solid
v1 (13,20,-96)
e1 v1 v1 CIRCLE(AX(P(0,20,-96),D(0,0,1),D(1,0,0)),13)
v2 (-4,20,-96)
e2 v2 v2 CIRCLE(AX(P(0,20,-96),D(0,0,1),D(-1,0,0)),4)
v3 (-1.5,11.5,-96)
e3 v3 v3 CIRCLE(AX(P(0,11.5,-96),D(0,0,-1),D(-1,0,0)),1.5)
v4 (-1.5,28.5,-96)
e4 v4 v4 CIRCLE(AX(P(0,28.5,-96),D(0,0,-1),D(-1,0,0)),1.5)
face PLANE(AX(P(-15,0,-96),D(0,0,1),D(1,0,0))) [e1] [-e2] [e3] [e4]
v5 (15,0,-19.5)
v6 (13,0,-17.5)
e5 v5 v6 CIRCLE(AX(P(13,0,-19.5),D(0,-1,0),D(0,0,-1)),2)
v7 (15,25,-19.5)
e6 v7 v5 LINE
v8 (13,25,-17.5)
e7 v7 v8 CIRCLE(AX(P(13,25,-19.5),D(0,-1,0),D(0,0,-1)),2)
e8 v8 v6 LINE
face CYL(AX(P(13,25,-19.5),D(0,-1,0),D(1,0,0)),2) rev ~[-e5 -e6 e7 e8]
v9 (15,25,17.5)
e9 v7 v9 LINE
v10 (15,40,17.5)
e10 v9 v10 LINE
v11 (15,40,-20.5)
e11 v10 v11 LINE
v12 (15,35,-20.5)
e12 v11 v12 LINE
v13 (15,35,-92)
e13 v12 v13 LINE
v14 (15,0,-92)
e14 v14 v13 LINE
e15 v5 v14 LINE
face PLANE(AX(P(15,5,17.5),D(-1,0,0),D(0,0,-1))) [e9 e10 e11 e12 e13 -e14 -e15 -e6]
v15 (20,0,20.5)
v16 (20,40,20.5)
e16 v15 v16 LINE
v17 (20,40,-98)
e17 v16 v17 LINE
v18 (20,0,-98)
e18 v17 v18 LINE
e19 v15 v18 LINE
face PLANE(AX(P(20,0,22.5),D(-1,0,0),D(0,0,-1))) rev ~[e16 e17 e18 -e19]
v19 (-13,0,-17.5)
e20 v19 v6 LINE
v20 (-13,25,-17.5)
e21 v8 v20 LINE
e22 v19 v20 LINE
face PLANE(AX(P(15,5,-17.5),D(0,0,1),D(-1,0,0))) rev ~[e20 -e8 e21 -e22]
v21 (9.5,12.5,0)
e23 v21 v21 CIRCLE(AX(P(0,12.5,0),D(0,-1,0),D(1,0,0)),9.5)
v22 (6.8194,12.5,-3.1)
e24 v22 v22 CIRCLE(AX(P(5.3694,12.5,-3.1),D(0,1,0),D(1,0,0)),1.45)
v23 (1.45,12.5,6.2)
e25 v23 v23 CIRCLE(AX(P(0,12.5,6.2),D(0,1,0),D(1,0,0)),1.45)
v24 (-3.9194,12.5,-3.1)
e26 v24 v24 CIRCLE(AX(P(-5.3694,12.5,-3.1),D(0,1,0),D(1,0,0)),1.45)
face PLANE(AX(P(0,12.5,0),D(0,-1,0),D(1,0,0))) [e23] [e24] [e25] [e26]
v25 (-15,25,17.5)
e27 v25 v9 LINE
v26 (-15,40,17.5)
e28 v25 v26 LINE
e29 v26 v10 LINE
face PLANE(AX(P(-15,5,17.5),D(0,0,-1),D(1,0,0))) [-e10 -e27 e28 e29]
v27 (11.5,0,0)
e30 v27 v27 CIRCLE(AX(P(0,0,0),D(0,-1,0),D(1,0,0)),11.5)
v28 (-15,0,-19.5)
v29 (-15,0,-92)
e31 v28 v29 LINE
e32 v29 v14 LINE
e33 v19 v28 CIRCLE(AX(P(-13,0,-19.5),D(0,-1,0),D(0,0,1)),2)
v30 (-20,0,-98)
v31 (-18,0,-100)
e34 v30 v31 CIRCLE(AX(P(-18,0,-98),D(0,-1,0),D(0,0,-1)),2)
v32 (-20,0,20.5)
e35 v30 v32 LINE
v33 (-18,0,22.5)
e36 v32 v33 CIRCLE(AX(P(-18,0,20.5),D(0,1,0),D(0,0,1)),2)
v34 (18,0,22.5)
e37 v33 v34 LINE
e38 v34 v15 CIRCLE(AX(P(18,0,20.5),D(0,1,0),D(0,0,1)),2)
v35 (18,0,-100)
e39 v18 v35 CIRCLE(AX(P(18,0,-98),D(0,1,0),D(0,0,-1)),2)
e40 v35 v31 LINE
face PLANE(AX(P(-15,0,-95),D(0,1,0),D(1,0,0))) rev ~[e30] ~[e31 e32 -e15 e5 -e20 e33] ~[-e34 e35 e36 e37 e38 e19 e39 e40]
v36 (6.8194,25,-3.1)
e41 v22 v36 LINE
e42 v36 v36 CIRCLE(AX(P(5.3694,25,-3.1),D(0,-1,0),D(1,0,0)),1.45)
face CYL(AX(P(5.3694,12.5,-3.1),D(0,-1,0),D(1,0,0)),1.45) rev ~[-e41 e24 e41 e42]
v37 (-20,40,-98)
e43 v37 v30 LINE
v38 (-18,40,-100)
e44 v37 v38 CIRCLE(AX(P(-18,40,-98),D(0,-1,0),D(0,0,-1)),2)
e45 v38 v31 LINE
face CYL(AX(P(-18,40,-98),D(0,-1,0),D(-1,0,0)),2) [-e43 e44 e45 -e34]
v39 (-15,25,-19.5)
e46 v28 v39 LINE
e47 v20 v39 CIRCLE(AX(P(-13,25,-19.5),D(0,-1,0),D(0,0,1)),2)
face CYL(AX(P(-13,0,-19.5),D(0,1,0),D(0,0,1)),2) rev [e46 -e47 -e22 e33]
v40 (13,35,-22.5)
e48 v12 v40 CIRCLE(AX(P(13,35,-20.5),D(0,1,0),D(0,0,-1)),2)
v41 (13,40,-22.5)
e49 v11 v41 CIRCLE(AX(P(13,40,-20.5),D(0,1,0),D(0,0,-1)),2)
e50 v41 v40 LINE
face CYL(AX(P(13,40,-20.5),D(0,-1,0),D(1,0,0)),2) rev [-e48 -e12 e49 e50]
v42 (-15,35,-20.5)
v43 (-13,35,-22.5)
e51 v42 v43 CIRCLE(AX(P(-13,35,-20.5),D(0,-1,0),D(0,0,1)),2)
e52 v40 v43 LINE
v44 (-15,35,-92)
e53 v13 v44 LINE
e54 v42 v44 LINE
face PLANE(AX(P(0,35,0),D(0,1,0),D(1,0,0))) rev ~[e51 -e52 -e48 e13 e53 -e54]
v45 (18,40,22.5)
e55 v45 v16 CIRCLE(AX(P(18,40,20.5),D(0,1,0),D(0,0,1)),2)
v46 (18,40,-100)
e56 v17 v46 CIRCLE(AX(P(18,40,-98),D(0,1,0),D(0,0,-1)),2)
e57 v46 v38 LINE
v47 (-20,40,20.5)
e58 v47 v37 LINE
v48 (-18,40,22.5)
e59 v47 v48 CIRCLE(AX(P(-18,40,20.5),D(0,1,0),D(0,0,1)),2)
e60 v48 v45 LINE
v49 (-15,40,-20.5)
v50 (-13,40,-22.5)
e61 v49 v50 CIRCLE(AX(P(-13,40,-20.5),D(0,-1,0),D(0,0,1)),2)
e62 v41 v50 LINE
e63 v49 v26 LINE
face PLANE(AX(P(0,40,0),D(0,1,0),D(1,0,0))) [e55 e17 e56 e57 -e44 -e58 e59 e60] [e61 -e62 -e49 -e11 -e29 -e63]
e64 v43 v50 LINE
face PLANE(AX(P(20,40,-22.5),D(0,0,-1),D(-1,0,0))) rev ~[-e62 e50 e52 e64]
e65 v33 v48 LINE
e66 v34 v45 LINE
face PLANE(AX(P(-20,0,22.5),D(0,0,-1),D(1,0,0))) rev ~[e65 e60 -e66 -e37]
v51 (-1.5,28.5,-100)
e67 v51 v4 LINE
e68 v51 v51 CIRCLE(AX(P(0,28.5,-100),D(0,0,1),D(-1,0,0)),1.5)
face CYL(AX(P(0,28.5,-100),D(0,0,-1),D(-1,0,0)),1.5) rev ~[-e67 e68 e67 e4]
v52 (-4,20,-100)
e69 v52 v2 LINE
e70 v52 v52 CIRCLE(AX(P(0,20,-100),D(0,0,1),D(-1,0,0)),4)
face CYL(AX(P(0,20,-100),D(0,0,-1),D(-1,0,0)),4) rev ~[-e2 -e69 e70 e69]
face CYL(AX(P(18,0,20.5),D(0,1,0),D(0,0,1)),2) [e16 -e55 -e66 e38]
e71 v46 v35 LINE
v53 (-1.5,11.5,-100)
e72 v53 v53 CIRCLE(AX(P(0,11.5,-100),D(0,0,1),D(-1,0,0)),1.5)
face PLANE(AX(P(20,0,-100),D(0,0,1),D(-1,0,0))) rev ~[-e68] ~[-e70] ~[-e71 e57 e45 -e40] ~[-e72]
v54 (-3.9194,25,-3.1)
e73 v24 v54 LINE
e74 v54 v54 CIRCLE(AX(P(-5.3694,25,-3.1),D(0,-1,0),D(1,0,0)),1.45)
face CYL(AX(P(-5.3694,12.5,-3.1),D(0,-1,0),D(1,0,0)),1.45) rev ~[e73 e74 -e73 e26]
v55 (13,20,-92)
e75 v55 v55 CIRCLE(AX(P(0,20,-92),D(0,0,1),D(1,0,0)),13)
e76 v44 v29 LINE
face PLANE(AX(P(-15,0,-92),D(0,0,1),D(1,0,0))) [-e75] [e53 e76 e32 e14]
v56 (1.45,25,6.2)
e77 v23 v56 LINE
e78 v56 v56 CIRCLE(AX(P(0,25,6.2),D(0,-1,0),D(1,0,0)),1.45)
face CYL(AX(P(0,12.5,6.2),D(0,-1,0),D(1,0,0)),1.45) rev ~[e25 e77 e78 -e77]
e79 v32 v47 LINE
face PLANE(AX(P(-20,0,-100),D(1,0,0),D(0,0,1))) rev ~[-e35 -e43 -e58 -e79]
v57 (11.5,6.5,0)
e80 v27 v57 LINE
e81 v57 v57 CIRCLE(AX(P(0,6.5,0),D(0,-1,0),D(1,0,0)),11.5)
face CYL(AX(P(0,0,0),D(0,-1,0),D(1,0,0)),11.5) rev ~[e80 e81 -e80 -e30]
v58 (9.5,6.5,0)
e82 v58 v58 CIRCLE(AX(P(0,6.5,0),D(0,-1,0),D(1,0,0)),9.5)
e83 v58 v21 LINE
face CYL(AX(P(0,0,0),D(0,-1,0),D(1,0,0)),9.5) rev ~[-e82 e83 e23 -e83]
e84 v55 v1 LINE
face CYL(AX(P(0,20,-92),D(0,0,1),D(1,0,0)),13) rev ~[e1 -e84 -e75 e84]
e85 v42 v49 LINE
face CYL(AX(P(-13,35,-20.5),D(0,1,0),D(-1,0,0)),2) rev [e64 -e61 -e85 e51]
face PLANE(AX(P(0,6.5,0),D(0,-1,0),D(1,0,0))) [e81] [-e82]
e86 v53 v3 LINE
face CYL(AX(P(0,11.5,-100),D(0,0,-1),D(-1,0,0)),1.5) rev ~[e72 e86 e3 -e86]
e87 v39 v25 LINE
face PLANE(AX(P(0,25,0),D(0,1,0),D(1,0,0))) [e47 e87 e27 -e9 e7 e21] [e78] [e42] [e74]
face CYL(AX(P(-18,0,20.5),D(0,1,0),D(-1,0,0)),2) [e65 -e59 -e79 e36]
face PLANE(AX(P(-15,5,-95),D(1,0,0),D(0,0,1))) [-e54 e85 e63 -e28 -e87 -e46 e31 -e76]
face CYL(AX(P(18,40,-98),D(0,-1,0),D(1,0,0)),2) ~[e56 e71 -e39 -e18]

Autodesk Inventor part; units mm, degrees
ref_plane "YZ Plane" through (0, 0, 0) normal (1, 0, 0) x (0, 1, 0)
ref_plane "XZ Plane" through (0, 0, 0) normal (0, 1, 0) x (-1, 0, 0)
ref_plane "XY Plane" through (0, 0, 0) normal (0, 0, 1) x (1, 0, 0)
sketch "Sketch1" plane through (0, 0, 0) normal (0, 1, 0) x (-1, 0, 0)
  line L0 (20, 22.5) -> (-20, 22.5)
  line L1 (-20, 22.5) -> (-20, -100)
  line L2 (-20, -100) -> (20, -100)
  line L3 (20, -100) -> (20, 22.5)
  circle A0 centre (0, 0) radius 4
  dimension "d0" = 122.5
  dimension "d1" = 22.5
  dimension "d2" = 40
  dimension "d3" = 20
  dimension "d4" = 8
extrude "Extrusion1" add sketch "Sketch1" along normal blind 5
sketch "Sketch2" plane through (0, 5, 0) normal (0, 1, 0) x (1, 0, 0)
  line L0 (-20, 100) -> (-20, -22.5) projected
  line L1 (20, -22.5) -> (20, 100) projected
  line L2 (-20, -22.5) -> (20, -22.5)
  line L3 (20, -22.5) -> (20, 100)
  line L4 (20, 100) -> (-20, 100)
  line L5 (-20, 100) -> (-20, -22.5)
  line L6 (-15, -17.5) -> (15, -17.5)
  line L7 (15, -17.5) -> (15, 95)
  line L8 (15, 95) -> (-15, 95)
  line L9 (-15, 95) -> (-15, -17.5)
  point P0 (0, 0)
  dimension "d7" = 5
  dimension "d8" = 5
  dimension "d9" = 5
  dimension "d10" = 5
extrude "Extrusion2" add sketch "Sketch2" along normal blind 35
sketch "Sketch3" plane through (0, 40, 0) normal (0, 1, 0) x (1, 0, 0)
  line L0 (-20, 100) -> (-20, -22.5) projected
  line L1 (20, -22.5) -> (20, 100) projected
  line L2 (-20, 100) -> (20, 100)
  line L3 (20, 100) -> (20, 22.5)
  line L4 (20, 22.5) -> (-20, 22.5)
  line L5 (-20, 22.5) -> (-20, 100)
  point P0 (0, 0)
  point P1 (-20, 22.5)
  dimension "d13" = 77.5
extrude "Extrusion3" add sketch "Sketch3" against normal blind 5
sketch "Sketch4" plane through (0, 5, 0) normal (0, 1, 0) x (1, 0, 0)
  line L0 (-15, -17.5) -> (-15, 22.5) projected
  line L1 (15, 22.5) -> (15, -17.5) projected
  line L2 (-15, -17.5) -> (15, -17.5)
  line L3 (15, -17.5) -> (15, 17.5)
  line L4 (15, 17.5) -> (-15, 17.5)
  line L5 (-15, 17.5) -> (-15, -17.5)
  point P0 (0, 0)
  point P1 (-15, 17.5)
  dimension "d16" = 35
extrude "Extrusion4" add sketch "Sketch4" along normal blind 20
sketch "Sketch5" plane through (0, 0, 0) normal (0, -1, 0) x (1, 0, 0)
  circle A0 centre (0, 0) radius 4 projected
  circle A1 centre (0, 0) radius 9.5
  dimension "d19" = 19
extrude "Extrusion5" cut sketch "Sketch5" against normal blind 12.5 contours A0 | A1
sketch "Sketch6" plane through (0, 0, 0) normal (0, -1, 0) x (1, 0, 0)
  circle A0 centre (0, 0) radius 11.5
  dimension "d22" = 23
extrude "Extrusion6" cut sketch "Sketch6" against normal blind 6.5
sketch "Sketch7" plane through (0, 12.5, 0) normal (0, -1, 0) x (1, 0, 0)
  circle A0 centre (0, 0) radius 9.5 projected
  circle A1 centre (0, 0) radius 6.2
  line L0 (0, 0) -> (0, 7.0938)
  line L1 (0, 0) -> (7.0405, -4.0648)
  line L2 (0, 0) -> (-6.9896, -4.0354)
  circle A2 centre (0, 6.2) radius 1.45
  circle A3 centre (5.3694, -3.1) radius 1.45
  circle A4 centre (-5.3694, -3.1) radius 1.45
  dimension "d25" = 12.4
  dimension "d26" = 120
  dimension "d27" = 120
  dimension "d28" = 2.9
  dimension "d29" = 2.9
  dimension "d30" = 2.9
extrude "Extrusion7" cut sketch "Sketch7" against normal blind 18 contours A2 L0 A1 | A1 A2 | A3 L1 A1 | A1 L1 A3 | L0 A2 A1 | L1 A3 A1 | A1 A3 L1 | A4 L2 A1 | A1 L2 A4 | A4 A1 L2 | A4 L2 A1
sketch "Sketch8" plane through (0, 0, 0) normal (0, -1, 0) x (1, 0, 0)
  line L0 (15, -95) -> (-15, -95) projected
  line L1 (-15, -95) -> (-15, -22.5) projected
  line L2 (15, -95) -> (-15, -95)
  line L3 (-15, -95) -> (-15, -17.5)
  line L4 (-15, -17.5) -> (15, -17.5)
  line L5 (15, -17.5) -> (15, -95)
  point P0 (0, 0)
  dimension "d33" = 77.5
extrude "Extrusion8" cut sketch "Sketch8" against normal blind 18
sketch "Sketch9" plane through (-15, 0, -95) normal (0, 0, 1) x (1, 0, 0)
  line L0 (30, 35) -> (0, 35) projected
  line L1 (30, 35) -> (0, 35)
  line L2 (0, 35) -> (0, 0)
  line L3 (0, 0) -> (30, 0)
  line L4 (30, 0) -> (30, 35)
  point P0 (15, 0)
extrude "Extrusion9" add sketch "Sketch9" along normal blind 3
sketch "Sketch10" plane through (20, 0, -100) normal (0, 0, -1) x (-1, 0, 0)
  circle A0 centre (20, 20) radius 4
  line L0 (0, 0) -> (0, 40) projected
  line L1 (0, 0) -> (40, 0) projected
  line L2 (35, 35) -> (5, 35) projected
  line L3 (20, 35) -> (20, 7.5388)
  circle A1 centre (20, 20) radius 8.5
  circle A2 centre (20, 11.5) radius 1.5
  circle A3 centre (20, 28.5) radius 1.5
  point P0 (20, 0)
  dimension "d38" = 20
  dimension "d39" = 20
  dimension "d40" = 8
  dimension "d41" = 17
  dimension "d42" = 3
  dimension "d43" = 3
extrude "Extrusion10" cut sketch "Sketch10" against normal blind 9 contours A0 L3 | L3 A0 | A3 A1 L3 | L3 A1 A3 | A2 A1 L3 | L3 A1 A2 | A1 A3 L3 | L3 A3 A1 | A1 A2 L3 | L3 A2 A1
fillet "Fillet1" radius 2 4 edges at (-20, 20, 22.5) (20, 20, 22.5) (20, 20, -100) (-20, 20, -100)
fillet "Fillet2" radius 2 2 edges at (15, 12.5, -17.5) (-15, 12.5, -17.5)
fillet "Fillet3" radius 2 2 edges at (-15, 37.5, -22.5) (15, 37.5, -22.5)
sketch "Sketch11" plane through (-15, 0, -92) normal (0, 0, 1) x (1, 0, 0)
  circle A0 centre (15, 20) radius 4 projected
  circle A1 centre (15, 20) radius 13
  point P0 (15, 0)
  dimension "d49" = 26
extrude "Extrusion11" cut sketch "Sketch11" against normal blind 4
properties part number "Link6_v2"
